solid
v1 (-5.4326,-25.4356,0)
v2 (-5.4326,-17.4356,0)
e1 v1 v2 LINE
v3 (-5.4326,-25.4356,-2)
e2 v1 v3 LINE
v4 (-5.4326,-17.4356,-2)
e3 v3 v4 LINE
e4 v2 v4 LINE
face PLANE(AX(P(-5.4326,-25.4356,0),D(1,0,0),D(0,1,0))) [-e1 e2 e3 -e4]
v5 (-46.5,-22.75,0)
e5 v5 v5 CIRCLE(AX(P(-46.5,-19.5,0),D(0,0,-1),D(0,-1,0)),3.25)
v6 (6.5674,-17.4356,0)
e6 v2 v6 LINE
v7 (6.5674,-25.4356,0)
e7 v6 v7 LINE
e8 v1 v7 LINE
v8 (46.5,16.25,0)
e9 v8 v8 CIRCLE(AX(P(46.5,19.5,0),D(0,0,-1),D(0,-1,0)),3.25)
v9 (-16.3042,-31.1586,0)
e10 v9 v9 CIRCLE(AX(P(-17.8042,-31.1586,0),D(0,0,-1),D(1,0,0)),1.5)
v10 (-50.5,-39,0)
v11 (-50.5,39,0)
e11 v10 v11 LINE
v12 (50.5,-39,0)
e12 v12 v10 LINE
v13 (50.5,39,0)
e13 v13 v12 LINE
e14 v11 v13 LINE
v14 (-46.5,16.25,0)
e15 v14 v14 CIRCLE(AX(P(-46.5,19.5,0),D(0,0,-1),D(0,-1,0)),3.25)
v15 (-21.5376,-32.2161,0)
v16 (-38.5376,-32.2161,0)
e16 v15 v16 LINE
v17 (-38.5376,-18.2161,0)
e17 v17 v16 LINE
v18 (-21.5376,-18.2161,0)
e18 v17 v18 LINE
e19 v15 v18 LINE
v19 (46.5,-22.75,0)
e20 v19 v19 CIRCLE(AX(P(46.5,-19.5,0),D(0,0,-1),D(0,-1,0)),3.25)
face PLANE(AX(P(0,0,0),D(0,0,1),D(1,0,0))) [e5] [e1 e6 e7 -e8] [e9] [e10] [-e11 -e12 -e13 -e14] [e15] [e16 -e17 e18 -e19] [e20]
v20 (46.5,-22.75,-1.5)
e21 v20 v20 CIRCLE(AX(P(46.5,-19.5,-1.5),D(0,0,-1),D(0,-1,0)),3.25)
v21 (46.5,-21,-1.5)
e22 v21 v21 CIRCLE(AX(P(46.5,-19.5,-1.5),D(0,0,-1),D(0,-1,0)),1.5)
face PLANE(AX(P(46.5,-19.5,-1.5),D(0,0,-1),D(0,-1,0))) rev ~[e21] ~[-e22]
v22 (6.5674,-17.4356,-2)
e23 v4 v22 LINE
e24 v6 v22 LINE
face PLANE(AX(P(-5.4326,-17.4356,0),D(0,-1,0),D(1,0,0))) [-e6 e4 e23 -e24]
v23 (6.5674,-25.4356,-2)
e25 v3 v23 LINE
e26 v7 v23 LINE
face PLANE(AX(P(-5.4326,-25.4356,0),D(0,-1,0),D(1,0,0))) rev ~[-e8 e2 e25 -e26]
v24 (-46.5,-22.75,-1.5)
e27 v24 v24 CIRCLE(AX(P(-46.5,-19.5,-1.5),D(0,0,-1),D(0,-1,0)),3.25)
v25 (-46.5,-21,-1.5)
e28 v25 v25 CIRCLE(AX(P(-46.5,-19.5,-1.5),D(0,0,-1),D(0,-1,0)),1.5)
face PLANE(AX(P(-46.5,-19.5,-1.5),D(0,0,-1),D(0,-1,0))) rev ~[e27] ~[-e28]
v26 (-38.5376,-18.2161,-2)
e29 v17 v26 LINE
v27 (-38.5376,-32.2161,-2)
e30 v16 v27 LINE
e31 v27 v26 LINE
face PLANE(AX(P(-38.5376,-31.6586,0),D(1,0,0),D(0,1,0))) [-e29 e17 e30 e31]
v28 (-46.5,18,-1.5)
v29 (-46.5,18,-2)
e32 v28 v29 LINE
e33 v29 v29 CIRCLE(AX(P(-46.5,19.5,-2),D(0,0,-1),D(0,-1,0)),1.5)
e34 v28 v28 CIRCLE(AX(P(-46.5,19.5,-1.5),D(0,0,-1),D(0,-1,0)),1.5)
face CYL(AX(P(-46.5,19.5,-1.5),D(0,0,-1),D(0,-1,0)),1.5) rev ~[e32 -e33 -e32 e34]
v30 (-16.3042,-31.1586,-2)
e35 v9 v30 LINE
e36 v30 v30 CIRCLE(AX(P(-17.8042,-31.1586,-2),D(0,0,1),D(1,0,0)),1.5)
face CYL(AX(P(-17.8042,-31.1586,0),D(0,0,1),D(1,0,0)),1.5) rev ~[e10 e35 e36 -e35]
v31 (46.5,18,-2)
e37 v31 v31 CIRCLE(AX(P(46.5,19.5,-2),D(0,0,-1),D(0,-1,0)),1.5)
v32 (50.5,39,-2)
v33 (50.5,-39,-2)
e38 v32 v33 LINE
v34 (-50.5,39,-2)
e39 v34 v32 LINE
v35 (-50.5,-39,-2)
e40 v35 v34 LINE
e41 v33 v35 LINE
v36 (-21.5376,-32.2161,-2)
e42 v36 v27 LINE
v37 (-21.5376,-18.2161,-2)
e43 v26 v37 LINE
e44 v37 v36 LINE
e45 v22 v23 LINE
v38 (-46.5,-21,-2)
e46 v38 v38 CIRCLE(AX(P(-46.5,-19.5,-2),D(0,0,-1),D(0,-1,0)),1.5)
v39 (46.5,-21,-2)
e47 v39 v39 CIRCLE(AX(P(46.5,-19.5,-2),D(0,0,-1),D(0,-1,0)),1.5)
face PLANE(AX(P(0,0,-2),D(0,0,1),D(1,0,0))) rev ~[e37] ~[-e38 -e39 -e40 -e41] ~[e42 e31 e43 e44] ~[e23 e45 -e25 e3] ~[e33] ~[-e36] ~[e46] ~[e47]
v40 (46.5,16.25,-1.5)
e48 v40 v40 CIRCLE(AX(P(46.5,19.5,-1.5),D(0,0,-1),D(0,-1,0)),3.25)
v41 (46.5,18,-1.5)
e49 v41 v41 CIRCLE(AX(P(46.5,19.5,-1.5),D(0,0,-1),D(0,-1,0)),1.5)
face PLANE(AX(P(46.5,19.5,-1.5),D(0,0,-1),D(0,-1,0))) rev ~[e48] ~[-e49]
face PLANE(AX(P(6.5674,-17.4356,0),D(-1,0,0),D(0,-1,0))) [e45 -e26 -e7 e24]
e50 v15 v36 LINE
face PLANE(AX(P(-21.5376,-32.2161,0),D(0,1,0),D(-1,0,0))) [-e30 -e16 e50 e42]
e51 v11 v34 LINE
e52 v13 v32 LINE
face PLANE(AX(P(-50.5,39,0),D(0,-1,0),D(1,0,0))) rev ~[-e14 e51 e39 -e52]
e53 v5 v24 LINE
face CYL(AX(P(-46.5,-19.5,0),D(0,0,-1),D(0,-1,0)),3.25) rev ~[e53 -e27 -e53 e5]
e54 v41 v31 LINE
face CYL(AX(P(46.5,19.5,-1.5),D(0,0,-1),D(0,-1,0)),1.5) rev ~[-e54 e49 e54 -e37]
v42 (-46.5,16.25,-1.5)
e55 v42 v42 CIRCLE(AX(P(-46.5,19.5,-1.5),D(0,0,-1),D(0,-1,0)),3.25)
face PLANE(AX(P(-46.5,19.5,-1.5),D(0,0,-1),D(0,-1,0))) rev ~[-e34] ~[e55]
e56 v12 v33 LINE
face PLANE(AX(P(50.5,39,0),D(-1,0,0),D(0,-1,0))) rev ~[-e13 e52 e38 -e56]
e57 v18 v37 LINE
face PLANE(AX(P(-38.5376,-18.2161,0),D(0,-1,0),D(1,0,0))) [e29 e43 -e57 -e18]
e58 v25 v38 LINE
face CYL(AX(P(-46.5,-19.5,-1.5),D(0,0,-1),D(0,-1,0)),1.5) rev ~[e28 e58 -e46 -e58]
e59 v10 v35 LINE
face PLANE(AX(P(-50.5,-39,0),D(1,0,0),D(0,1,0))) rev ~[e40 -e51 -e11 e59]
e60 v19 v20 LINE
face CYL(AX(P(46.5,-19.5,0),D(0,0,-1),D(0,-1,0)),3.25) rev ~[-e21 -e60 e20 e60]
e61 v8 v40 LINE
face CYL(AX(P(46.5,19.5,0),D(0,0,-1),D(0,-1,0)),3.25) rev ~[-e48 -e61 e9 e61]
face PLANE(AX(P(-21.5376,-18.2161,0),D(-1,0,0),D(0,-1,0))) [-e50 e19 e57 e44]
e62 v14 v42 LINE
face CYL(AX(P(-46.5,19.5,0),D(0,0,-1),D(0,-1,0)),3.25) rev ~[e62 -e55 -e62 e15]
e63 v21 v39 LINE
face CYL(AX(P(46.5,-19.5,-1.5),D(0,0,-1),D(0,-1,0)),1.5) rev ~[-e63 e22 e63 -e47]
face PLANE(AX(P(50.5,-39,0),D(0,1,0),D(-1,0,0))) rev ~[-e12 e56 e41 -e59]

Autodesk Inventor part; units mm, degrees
ref_plane "YZ Plane" through (0, 0, 0) normal (1, 0, 0) x (0, 1, 0)
ref_plane "XZ Plane" through (0, 0, 0) normal (0, 1, 0) x (-1, 0, 0)
ref_plane "XY Plane" through (0, 0, 0) normal (0, 0, 1) x (1, 0, 0)
sketch "Esboço1" plane through (0, 0, 0) normal (0, 0, 1) x (1, 0, 0)
  line L0 (-50.5, 39) -> (50.5, 39)
  line L1 (50.5, 39) -> (50.5, -39)
  line L2 (50.5, -39) -> (-50.5, -39)
  line L3 (-50.5, -39) -> (-50.5, 39)
  point P0 (0, 0)
  dimension "d2" = 101
  dimension "d3" = 78
  dimension "d4" = 101
  dimension "d5" = 50.5
  dimension "d6" = 39
extrude "Extrusão1" add sketch "Esboço1" against normal blind 2
sketch "Esboço2" plane through (0, 0, 0) normal (0, 0, 1) x (1, 0, 0)
  line L0 (50.5, -39) -> (-50.5, -39) projected
  line L1 (42.5, 39) -> (42.5, -39) construction
  line L2 (-50.5, -39) -> (-50.5, 39) projected
  line L3 (50.5, 39) -> (50.5, -39) projected
  line L4 (-42.5, 39) -> (-42.5, -39) construction
  line L5 (-50.5, 39) -> (50.5, 39) projected
  line L6 (-50.5, 19.5) -> (50.5, 19.5) construction
  line L7 (-50.5, -19.5) -> (50.5, -19.5) construction
  line L8 (-50.5, 39) -> (50.5, 39) projected
  line L9 (-46.5, 39) -> (-46.5, -39) construction
  line L10 (50.5, -39) -> (-50.5, -39) projected
  line L11 (46.5, 39) -> (46.5, -39) construction
  point P0 (0, 0)
  point P1 (-46.5, 19.5)
  point P2 (-46.5, -19.5)
  point P3 (46.5, -19.5)
  point P4 (46.5, 19.5)
  dimension "d32" = 8
  dimension "d33" = 8
  dimension "d34" = 4
  dimension "d35" = 4
  dimension "d36" = 19.5
  dimension "d37" = 58.5
  dimension "d38" = 78
  dimension "d39" = 78
hole "Furo2" at (-46.5, 19.5, 0) at (-46.5, -19.5, 0) at (46.5, -19.5, 0) at (46.5, 19.5, 0) direction (0, 0, -1) diameter 3 end through all counterbore diameter 6.5 counterbore depth 1.5
sketch "Esboço3" plane through (0, 0, 0) normal (0, 0, 1) x (1, 0, 0)
  line L0 (-22.0376, -18.7161) -> (-38.0376, -18.7161) projected
  line L1 (-38.0376, -18.7161) -> (-38.0376, -31.7161) projected
  line L2 (-22.0376, -31.7161) -> (-22.0376, -18.7161) projected
  line L3 (-38.0376, -31.7161) -> (-22.0376, -31.7161) projected
  line L4 (-39.6791, -31.6586) -> (39.7959, -31.6586) projected
  line L5 (-18.3542, -30.6586) -> (-17.2542, -30.6586) projected
  line L6 (-18.8542, -30.6586) -> (-18.3542, -30.6586) projected
  line L7 (-17.2542, -30.6586) -> (-16.7542, -30.6586) projected
  line L8 (-16.5542, -30.6586) -> (-16.7542, -30.6586) projected
  line L9 (-16.5542, -30.6586) -> (-16.5542, -30.6586) projected
  line L10 (-16.5542, -31.6586) -> (-16.5542, -30.6586) projected
  line L11 (-16.6542, -31.6586) -> (-16.5542, -31.6586) projected
  line L12 (-16.6542, -31.6586) -> (-17.0042, -31.6586) projected
  line L13 (-17.1042, -31.6586) -> (-17.0042, -31.6586) projected
  line L14 (-17.1042, -31.6586) -> (-17.6542, -31.6586) projected
  line L15 (-17.9542, -31.6586) -> (-17.6542, -31.6586) projected
  line L16 (-17.9542, -31.6586) -> (-18.9542, -31.6586) projected
  line L17 (-19.0542, -31.6586) -> (-18.7042, -31.6586) projected
  line L18 (-19.0542, -30.6586) -> (-19.0542, -31.6586) projected
  line L19 (-9.5679, -25.4931) -> (-14.5971, -25.4931) projected
  line L20 (12.8419, -28.4101) -> (10.7613, -25.4356)
  line L21 (10.7613, -31.6586) -> (10.7613, -25.4356) projected
  line L22 (12.8419, -29.4261) -> (12.8419, -28.4101) projected
  line L23 (-14.5971, -31.7161) -> (-14.5971, -25.4931) projected
  line L24 (-9.5679, -31.7161) -> (-9.5679, -25.4931) projected
  line L25 (-21.5376, -32.2161) -> (-38.5376, -32.2161)
  line L26 (-38.5376, -32.2161) -> (-38.5376, -18.2161)
  line L27 (-38.5376, -18.2161) -> (-21.5376, -18.2161)
  line L28 (-21.5376, -18.2161) -> (-21.5376, -32.2161)
  circle A0 centre (-17.8042, -31.1586) radius 1.5
  line L29 (-9.5679, -25.4356) -> (10.7613, -25.4356) construction
  line L30 (-5.4326, -25.4356) -> (6.5674, -25.4356)
  line L31 (-5.4326, -25.4356) -> (-5.4326, -17.4356)
  line L32 (-5.4326, -17.4356) -> (6.5674, -17.4356)
  line L33 (6.5674, -17.4356) -> (6.5674, -25.4356)
  line L34 (10.7029, -25.4356) -> (15.7321, -25.4356) projected
  line L35 (15.7321, -31.6586) -> (15.7321, -25.4356) projected
  line L36 (10.7029, -31.6586) -> (10.7029, -25.4356) projected
  line L37 (-14.5971, -31.6586) -> (-9.5679, -31.6586) projected
  line L38 (-9.5679, -31.6586) -> (-9.5679, -25.4356) projected
  line L39 (-14.5971, -25.4356) -> (-9.5679, -25.4356) projected
  line L40 (-14.5971, -31.6586) -> (-14.5971, -25.4356) projected
  point P0 (0, 0)
  point P1 (39.7959, -31.6586)
  dimension "d49" = 17
  dimension "d50" = 14
  dimension "d51" = 17
  dimension "d52" = 3
  dimension "d61" = 8
  dimension "d70" = 0.5
  dimension "d71" = 0
  dimension "d72" = 0.5
  dimension "d74" = 12
  dimension "d75" = 16.105
  dimension "d76" = 4.1355
  dimension "d77" = 4.1353
extrude "Extrusão2" cut sketch "Esboço3" against normal blind 10 contours L2 L4 L1 L0 | L0 L1 L4 L26 L27 L28 L2 | L4 L28 L25 L26 L1 L3 L2 | L2 L3 L1 L4 | A0 L4 | L4 A0 | L31 L32 L33 L30
equation "\"d2\" = 2 * d5"
equation "\"d3\" = 2 * d6"
equation "\"d4\" = d2"
equation "\"d33\" = d32"
equation "\"d34\" = d35"
equation "\"d35\" = 0.5 * d32"
properties part number "Ra-Manager_Painel-Placas" material "Aço, carbono"
